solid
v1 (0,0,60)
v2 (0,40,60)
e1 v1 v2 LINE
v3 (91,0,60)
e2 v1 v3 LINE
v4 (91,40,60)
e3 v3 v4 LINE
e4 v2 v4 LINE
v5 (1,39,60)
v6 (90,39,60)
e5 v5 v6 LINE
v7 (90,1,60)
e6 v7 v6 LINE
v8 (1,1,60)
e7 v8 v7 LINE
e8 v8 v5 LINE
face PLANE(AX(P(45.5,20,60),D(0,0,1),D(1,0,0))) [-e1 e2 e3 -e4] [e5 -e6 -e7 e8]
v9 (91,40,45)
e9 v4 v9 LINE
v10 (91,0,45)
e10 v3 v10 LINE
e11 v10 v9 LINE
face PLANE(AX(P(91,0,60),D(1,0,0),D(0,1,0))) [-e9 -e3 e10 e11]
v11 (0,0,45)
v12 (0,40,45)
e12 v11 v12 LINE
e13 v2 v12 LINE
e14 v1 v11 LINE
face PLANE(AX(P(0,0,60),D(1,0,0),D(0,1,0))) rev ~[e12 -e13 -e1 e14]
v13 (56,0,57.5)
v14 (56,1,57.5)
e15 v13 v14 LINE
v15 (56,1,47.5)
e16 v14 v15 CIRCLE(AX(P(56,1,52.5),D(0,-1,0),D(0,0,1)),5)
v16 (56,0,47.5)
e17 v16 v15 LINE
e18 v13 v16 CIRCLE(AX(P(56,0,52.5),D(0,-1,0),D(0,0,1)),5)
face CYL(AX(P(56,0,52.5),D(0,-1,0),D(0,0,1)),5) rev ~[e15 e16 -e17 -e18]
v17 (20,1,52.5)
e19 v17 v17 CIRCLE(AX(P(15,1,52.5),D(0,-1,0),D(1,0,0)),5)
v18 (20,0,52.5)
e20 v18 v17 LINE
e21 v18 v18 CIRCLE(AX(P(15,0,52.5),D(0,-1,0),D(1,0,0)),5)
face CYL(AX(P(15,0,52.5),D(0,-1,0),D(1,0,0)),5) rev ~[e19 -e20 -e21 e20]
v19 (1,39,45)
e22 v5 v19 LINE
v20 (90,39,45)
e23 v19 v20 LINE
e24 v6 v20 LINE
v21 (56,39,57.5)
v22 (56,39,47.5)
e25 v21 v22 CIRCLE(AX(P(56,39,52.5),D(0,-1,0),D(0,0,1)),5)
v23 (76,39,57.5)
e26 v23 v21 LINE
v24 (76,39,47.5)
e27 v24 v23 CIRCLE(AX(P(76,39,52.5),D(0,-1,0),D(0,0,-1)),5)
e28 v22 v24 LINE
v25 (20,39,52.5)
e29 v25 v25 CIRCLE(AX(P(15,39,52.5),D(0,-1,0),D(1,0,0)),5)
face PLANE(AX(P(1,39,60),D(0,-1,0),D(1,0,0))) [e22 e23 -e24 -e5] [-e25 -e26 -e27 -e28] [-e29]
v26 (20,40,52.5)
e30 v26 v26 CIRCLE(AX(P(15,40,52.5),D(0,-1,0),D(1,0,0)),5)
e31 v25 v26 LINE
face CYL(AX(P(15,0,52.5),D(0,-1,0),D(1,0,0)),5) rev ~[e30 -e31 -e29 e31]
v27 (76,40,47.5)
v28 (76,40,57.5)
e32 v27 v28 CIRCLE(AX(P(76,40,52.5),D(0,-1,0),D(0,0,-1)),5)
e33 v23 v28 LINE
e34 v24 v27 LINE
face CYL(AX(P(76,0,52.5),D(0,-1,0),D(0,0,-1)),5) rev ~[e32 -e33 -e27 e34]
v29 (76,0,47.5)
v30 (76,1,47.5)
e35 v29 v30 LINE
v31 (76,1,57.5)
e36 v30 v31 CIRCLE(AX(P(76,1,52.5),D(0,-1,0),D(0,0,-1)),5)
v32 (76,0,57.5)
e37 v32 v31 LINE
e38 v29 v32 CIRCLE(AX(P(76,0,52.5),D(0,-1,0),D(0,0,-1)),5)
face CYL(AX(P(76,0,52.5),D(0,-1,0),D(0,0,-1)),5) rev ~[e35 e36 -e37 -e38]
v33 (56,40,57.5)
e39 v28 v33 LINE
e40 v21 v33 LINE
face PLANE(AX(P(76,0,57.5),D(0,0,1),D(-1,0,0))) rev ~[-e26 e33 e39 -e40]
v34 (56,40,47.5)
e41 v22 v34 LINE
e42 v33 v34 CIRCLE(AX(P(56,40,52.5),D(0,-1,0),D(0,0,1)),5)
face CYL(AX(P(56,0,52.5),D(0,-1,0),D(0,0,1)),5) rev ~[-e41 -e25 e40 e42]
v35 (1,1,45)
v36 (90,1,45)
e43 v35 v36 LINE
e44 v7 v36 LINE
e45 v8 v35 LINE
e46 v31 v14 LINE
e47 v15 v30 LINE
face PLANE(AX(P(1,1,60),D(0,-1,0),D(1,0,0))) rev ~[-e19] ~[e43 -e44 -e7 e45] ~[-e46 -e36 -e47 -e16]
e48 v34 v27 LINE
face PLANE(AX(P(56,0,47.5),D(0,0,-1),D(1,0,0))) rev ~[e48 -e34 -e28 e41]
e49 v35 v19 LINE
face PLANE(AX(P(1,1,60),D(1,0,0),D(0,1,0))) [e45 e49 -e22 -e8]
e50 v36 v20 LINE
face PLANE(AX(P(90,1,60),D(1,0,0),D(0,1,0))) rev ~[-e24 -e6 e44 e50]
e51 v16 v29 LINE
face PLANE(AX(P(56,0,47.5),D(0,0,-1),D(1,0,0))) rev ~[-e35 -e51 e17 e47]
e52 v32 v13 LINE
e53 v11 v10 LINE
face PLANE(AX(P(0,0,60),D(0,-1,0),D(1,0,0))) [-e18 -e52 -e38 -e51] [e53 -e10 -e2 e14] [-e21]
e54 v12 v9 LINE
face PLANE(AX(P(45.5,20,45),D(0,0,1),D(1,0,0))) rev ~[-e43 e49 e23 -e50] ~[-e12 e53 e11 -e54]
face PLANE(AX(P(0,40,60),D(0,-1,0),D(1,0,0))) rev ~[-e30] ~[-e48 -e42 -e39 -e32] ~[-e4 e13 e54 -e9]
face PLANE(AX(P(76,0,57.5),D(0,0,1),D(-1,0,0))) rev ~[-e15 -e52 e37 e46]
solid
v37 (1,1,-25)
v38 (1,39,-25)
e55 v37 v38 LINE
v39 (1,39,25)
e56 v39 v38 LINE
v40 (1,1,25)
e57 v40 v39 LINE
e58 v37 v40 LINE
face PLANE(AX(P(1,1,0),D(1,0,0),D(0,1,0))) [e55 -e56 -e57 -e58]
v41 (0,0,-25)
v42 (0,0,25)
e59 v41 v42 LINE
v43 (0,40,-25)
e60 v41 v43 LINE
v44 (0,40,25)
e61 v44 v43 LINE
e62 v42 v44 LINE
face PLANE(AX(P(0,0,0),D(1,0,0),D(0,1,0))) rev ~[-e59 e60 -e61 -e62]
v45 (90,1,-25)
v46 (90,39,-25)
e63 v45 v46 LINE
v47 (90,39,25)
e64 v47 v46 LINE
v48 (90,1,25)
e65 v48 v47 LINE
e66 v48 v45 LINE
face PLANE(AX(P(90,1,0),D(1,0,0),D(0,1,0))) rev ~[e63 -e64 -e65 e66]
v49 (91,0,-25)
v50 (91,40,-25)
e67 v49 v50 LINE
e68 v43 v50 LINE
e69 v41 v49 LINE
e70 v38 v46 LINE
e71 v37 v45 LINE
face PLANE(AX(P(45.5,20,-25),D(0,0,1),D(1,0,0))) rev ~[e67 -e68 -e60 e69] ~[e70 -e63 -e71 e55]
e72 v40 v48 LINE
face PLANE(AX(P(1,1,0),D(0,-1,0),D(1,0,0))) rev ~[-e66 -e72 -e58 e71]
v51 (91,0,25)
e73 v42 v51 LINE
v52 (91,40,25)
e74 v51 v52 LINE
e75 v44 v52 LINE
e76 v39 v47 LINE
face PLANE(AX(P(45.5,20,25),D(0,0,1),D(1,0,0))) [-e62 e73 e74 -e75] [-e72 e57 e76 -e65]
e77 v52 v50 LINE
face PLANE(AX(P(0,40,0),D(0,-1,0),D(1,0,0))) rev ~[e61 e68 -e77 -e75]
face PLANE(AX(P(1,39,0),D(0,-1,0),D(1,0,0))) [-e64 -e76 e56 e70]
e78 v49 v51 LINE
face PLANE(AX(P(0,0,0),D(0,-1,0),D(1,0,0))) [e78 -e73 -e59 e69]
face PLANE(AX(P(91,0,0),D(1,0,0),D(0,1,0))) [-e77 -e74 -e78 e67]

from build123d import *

# Parameters (mm, degrees)
F0_W      = 91
F0_H      = 40
F1_DEPTH  = 25
F2_W      = 89
F2_H      = 38
F3_DEPTH  = 25
F4_W      = 91
F4_H      = 40
F4_W_2    = 89
F4_H_2    = 38
F5_DEPTH  = 25
F7_W      = 91
F7_H      = 40
F7_W_2    = 89
F7_H_2    = 38
F8_DEPTH  = 15
F9_R      = 5
F10_DEPTH = 40.001


with BuildPart() as f1:
    # F0 (on Top) → F1 (new body)
    with BuildSketch(Plane.XY):
        with Locations((45.5, 20)):
            Rectangle(F0_W, F0_H)
    extrude(amount=F1_DEPTH)

    # F2 (on face) → F3 (cut)
    with BuildSketch(Plane.XY.offset(25)):
        with Locations((45.5, 20)):
            Rectangle(F2_W, F2_H)
    extrude(amount=-F3_DEPTH, mode=Mode.SUBTRACT)

    # F4 (on Top) → F5 (join)
    with BuildSketch(Plane.XY):
        with Locations((45.5, 20)):
            Rectangle(F4_W, F4_H)
        with Locations((45.5, 20)):
            Rectangle(F4_W_2, F4_H_2, mode=Mode.SUBTRACT)
    extrude(amount=-F5_DEPTH)


with BuildPart() as f8:
    # F7 (on offset) → F8 (new body)
    with BuildSketch(Plane.XY.offset(60)):
        with Locations((45.5, 20)):
            Rectangle(F7_W, F7_H)
        with Locations((45.5, 20)):
            Rectangle(F7_W_2, F7_H_2, mode=Mode.SUBTRACT)
    extrude(amount=-F8_DEPTH)

    # F9 (on face) → F10 (cut, through all)
    with BuildSketch(Plane.XZ):
        with Locations((15, 52.5)):
            Circle(F9_R)
        with BuildLine():
            Line((76, 57.5), (56, 57.5))
            ThreePointArc((56, 57.5), (51, 52.5), (56, 47.5))
            Line((56, 47.5), (76, 47.5))
            ThreePointArc((76, 47.5), (81, 52.5), (76, 57.5))
        make_face()
    extrude(amount=-F10_DEPTH, mode=Mode.SUBTRACT)


solid = Compound([f1.part, f8.part])
